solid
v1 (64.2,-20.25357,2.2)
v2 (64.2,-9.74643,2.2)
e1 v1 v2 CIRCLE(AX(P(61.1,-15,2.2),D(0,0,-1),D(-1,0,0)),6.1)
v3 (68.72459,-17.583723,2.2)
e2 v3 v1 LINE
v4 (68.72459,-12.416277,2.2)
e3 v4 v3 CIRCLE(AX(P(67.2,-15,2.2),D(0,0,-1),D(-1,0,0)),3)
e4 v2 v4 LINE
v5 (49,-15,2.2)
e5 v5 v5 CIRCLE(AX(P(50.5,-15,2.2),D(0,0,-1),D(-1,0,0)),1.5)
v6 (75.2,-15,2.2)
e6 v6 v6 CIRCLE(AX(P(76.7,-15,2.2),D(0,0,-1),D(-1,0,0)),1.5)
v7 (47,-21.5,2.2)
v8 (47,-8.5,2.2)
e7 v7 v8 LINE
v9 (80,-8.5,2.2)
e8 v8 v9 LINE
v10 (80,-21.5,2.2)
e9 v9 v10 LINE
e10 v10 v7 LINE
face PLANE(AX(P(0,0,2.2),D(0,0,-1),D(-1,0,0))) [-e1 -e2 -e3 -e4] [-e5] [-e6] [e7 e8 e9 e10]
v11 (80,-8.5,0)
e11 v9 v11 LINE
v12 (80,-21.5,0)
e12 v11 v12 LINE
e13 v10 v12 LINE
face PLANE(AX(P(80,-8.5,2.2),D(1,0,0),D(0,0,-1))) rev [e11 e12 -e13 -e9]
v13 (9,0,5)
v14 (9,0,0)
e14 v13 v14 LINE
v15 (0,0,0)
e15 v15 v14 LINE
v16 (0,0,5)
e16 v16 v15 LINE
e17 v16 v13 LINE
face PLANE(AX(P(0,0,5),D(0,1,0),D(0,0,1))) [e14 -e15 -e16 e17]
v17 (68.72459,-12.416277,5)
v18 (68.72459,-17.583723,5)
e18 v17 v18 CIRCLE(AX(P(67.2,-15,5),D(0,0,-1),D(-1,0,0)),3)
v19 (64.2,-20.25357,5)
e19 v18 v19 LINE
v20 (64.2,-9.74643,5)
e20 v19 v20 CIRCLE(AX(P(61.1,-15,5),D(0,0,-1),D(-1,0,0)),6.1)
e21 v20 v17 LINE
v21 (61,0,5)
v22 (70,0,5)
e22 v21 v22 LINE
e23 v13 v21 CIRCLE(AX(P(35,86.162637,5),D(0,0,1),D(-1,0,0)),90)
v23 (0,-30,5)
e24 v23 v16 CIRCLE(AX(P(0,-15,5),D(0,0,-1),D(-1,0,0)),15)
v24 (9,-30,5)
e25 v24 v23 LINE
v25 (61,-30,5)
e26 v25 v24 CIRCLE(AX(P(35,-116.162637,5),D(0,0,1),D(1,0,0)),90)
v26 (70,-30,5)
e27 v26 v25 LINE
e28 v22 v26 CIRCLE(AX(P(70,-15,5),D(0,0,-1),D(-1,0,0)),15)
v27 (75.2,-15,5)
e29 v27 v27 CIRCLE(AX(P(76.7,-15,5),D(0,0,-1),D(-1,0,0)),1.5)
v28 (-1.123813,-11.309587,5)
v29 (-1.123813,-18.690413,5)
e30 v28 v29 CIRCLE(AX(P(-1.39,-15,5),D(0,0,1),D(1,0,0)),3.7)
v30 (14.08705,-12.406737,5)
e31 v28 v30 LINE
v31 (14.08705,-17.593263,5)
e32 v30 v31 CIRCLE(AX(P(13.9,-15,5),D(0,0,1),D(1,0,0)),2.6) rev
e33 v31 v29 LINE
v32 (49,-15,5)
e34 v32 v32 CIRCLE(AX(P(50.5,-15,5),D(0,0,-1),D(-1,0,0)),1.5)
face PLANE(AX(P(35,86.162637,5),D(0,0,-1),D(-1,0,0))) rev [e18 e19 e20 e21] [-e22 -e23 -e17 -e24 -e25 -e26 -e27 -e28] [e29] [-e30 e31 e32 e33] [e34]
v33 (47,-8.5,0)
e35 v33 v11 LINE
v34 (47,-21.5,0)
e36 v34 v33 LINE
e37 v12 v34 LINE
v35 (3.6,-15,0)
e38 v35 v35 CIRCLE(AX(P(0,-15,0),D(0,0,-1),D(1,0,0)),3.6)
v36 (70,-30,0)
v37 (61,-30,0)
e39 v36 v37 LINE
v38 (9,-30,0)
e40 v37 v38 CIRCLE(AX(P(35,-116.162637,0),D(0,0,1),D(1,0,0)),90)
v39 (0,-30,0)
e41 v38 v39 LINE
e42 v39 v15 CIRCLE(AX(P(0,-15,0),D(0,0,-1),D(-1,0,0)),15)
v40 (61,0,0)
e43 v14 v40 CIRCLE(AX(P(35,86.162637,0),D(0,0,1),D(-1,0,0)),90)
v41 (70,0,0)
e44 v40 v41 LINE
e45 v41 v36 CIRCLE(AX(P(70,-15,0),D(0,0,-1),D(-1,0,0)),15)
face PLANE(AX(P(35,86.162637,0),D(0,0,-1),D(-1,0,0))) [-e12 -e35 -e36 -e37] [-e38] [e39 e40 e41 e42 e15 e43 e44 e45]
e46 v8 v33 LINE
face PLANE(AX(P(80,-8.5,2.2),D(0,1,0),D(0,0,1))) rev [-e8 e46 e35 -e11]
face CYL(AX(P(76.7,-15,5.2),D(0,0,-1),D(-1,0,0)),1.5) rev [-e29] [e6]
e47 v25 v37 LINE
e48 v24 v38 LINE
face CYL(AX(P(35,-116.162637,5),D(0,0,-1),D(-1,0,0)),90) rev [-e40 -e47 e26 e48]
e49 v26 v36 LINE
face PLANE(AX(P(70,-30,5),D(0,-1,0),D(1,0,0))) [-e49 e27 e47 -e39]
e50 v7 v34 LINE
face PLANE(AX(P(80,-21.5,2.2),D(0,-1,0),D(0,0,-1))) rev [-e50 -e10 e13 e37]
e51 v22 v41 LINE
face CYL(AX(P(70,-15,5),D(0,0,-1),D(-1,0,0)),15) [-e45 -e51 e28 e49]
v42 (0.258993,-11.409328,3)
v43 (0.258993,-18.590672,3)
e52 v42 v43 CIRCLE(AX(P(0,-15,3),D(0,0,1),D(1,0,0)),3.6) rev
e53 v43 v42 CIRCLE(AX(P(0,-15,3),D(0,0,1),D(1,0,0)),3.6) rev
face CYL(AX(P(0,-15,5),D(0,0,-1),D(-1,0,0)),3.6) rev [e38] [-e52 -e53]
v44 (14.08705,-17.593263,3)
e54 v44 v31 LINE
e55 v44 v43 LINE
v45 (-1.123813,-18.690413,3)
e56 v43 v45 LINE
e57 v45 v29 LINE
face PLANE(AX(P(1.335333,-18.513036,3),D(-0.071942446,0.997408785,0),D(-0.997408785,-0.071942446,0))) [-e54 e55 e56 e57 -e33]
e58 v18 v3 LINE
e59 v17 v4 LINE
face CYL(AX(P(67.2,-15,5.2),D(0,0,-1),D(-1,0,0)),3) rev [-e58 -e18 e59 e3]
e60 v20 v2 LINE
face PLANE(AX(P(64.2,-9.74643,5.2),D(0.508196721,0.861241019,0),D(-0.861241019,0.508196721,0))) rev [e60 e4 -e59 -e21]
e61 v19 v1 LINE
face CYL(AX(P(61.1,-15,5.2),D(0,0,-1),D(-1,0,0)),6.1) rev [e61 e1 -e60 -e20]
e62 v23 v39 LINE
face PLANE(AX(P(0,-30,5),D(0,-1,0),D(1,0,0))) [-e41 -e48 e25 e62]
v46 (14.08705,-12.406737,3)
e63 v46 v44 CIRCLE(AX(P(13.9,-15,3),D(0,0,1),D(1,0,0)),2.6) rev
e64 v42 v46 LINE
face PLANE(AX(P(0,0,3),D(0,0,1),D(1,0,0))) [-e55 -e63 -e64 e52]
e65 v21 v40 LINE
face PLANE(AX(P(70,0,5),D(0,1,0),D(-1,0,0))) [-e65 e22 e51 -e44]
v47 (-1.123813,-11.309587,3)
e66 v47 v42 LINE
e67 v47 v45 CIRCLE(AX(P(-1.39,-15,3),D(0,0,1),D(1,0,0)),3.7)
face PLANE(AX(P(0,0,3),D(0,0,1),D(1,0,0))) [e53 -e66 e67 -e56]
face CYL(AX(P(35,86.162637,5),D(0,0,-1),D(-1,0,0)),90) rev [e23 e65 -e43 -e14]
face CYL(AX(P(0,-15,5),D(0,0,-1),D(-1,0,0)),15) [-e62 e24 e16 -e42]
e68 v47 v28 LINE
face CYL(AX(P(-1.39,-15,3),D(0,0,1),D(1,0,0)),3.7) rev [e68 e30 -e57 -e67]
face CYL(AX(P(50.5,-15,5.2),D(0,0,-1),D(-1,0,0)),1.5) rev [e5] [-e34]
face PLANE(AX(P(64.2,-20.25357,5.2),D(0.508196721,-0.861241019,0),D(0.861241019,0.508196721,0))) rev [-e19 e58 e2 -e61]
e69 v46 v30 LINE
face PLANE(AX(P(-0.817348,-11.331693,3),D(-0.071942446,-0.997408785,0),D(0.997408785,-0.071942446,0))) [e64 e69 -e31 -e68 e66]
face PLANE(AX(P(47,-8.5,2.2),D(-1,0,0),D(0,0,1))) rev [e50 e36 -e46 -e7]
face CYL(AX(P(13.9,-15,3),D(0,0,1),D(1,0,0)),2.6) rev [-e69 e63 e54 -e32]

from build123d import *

# Parameters (mm, degrees)
SKETCH1_R             = 3.6
BOSS_EXTRUDE1_DEPTH   = 5
CORTAR_EXTRUIR1_START = -2
CORTAR_EXTRUIR1_DEPTH = 2
CROQUIS3_W            = 33
CROQUIS3_H            = 13
CORTAR_EXTRUIR2_DEPTH = 2.2
CORTAR_EXTRUIR3_DEPTH = 3
CROQUIS6_R            = 1.5
CORTAR_EXTRUIR4_DEPTH = 3


with BuildPart() as part:
    # Sketch1 → Boss-Extrude1 (new body)
    with BuildSketch(Plane(origin=(0, 0, 0), x_dir=(-1, 0, 0), z_dir=(0, 0, -1))):
        with BuildLine():
            Line((-70, 0), (-61, 0))
            ThreePointArc((-61, 0), (-35, -3.837363086), (-9, 0))
            Line((-9, 0), (0, 0))
            ThreePointArc((0, 0), (15, -15), (0, -30))
            Line((0, -30), (-9, -30))
            ThreePointArc((-9, -30), (-35, -26.162636914), (-61, -30))
            Line((-61, -30), (-70, -30))
            ThreePointArc((-70, -30), (-85, -15), (-70, 0))
        make_face()
        with Locations(Location((0, -15, 0), (0, 0, 180))):
            Circle(SKETCH1_R, mode=Mode.SUBTRACT)
    extrude(amount=-BOSS_EXTRUDE1_DEPTH)

    # Croquis1 → Cortar-Extruir1 (cut)
    with BuildSketch(Plane.XY.offset(5).offset(CORTAR_EXTRUIR1_START)):
        with BuildLine():
            Line((14.08705036, -12.406737159), (0.258992817, -11.409328375))
            ThreePointArc((0.258992817, -11.409328375), (2.635562003, -12.547692326), (3.6, -15))
            ThreePointArc((3.6, -15), (2.635561992, -17.452307685), (0.258992787, -18.590671627))
            Line((0.258992787, -18.590671627), (14.08705036, -17.593262841))
            ThreePointArc((14.08705036, -17.593262841), (16.5, -15), (14.08705036, -12.406737159))
        make_face()
        with BuildLine():
            Line((0.258992817, -11.409328375), (-1.12381295, -11.309587495))
            ThreePointArc((-1.12381295, -11.309587495), (-5.09, -15), (-1.12381295, -18.690412505))
            Line((-1.12381295, -18.690412505), (0.258992787, -18.590671627))
            ThreePointArc((0.258992787, -18.590671627), (-3.6, -14.999999985), (0.258992817, -11.409328375))
        make_face()
    extrude(amount=CORTAR_EXTRUIR1_DEPTH, mode=Mode.SUBTRACT)

    # Croquis3 → Cortar-Extruir2 (cut)
    with BuildSketch(Plane(origin=(0, 0, 0), x_dir=(-1, 0, 0), z_dir=(0, 0, -1))):
        with Locations((-63.5, -15)):
            Rectangle(CROQUIS3_W, CROQUIS3_H)
    extrude(amount=-CORTAR_EXTRUIR2_DEPTH, mode=Mode.SUBTRACT)

    # Croquis4 → Cortar-Extruir3 (cut)
    with BuildSketch(Plane(origin=(0, 0, 2.2), x_dir=(-1, 0, 0), z_dir=(0, 0, -1))):
        with BuildLine():
            Line((-64.2, -9.746429785), (-68.724590164, -12.416276944))
            ThreePointArc((-68.724590164, -12.416276944), (-70.2, -15), (-68.724590164, -17.583723056))
            Line((-68.724590164, -17.583723056), (-64.2, -20.253570215))
            ThreePointArc((-64.2, -20.253570215), (-55, -15), (-64.2, -9.746429785))
        make_face()
    extrude(amount=-CORTAR_EXTRUIR3_DEPTH, mode=Mode.SUBTRACT)

    # Croquis6 → Cortar-Extruir4 (cut)
    with BuildSketch(Plane(origin=(0, 0, 2.2), x_dir=(-1, 0, 0), z_dir=(0, 0, -1))):
        with Locations((-50.5, -15)):
            Circle(CROQUIS6_R)
        with Locations((-76.7, -15)):
            Circle(CROQUIS6_R)
    extrude(amount=-CORTAR_EXTRUIR4_DEPTH, mode=Mode.SUBTRACT)


solid = part.part
